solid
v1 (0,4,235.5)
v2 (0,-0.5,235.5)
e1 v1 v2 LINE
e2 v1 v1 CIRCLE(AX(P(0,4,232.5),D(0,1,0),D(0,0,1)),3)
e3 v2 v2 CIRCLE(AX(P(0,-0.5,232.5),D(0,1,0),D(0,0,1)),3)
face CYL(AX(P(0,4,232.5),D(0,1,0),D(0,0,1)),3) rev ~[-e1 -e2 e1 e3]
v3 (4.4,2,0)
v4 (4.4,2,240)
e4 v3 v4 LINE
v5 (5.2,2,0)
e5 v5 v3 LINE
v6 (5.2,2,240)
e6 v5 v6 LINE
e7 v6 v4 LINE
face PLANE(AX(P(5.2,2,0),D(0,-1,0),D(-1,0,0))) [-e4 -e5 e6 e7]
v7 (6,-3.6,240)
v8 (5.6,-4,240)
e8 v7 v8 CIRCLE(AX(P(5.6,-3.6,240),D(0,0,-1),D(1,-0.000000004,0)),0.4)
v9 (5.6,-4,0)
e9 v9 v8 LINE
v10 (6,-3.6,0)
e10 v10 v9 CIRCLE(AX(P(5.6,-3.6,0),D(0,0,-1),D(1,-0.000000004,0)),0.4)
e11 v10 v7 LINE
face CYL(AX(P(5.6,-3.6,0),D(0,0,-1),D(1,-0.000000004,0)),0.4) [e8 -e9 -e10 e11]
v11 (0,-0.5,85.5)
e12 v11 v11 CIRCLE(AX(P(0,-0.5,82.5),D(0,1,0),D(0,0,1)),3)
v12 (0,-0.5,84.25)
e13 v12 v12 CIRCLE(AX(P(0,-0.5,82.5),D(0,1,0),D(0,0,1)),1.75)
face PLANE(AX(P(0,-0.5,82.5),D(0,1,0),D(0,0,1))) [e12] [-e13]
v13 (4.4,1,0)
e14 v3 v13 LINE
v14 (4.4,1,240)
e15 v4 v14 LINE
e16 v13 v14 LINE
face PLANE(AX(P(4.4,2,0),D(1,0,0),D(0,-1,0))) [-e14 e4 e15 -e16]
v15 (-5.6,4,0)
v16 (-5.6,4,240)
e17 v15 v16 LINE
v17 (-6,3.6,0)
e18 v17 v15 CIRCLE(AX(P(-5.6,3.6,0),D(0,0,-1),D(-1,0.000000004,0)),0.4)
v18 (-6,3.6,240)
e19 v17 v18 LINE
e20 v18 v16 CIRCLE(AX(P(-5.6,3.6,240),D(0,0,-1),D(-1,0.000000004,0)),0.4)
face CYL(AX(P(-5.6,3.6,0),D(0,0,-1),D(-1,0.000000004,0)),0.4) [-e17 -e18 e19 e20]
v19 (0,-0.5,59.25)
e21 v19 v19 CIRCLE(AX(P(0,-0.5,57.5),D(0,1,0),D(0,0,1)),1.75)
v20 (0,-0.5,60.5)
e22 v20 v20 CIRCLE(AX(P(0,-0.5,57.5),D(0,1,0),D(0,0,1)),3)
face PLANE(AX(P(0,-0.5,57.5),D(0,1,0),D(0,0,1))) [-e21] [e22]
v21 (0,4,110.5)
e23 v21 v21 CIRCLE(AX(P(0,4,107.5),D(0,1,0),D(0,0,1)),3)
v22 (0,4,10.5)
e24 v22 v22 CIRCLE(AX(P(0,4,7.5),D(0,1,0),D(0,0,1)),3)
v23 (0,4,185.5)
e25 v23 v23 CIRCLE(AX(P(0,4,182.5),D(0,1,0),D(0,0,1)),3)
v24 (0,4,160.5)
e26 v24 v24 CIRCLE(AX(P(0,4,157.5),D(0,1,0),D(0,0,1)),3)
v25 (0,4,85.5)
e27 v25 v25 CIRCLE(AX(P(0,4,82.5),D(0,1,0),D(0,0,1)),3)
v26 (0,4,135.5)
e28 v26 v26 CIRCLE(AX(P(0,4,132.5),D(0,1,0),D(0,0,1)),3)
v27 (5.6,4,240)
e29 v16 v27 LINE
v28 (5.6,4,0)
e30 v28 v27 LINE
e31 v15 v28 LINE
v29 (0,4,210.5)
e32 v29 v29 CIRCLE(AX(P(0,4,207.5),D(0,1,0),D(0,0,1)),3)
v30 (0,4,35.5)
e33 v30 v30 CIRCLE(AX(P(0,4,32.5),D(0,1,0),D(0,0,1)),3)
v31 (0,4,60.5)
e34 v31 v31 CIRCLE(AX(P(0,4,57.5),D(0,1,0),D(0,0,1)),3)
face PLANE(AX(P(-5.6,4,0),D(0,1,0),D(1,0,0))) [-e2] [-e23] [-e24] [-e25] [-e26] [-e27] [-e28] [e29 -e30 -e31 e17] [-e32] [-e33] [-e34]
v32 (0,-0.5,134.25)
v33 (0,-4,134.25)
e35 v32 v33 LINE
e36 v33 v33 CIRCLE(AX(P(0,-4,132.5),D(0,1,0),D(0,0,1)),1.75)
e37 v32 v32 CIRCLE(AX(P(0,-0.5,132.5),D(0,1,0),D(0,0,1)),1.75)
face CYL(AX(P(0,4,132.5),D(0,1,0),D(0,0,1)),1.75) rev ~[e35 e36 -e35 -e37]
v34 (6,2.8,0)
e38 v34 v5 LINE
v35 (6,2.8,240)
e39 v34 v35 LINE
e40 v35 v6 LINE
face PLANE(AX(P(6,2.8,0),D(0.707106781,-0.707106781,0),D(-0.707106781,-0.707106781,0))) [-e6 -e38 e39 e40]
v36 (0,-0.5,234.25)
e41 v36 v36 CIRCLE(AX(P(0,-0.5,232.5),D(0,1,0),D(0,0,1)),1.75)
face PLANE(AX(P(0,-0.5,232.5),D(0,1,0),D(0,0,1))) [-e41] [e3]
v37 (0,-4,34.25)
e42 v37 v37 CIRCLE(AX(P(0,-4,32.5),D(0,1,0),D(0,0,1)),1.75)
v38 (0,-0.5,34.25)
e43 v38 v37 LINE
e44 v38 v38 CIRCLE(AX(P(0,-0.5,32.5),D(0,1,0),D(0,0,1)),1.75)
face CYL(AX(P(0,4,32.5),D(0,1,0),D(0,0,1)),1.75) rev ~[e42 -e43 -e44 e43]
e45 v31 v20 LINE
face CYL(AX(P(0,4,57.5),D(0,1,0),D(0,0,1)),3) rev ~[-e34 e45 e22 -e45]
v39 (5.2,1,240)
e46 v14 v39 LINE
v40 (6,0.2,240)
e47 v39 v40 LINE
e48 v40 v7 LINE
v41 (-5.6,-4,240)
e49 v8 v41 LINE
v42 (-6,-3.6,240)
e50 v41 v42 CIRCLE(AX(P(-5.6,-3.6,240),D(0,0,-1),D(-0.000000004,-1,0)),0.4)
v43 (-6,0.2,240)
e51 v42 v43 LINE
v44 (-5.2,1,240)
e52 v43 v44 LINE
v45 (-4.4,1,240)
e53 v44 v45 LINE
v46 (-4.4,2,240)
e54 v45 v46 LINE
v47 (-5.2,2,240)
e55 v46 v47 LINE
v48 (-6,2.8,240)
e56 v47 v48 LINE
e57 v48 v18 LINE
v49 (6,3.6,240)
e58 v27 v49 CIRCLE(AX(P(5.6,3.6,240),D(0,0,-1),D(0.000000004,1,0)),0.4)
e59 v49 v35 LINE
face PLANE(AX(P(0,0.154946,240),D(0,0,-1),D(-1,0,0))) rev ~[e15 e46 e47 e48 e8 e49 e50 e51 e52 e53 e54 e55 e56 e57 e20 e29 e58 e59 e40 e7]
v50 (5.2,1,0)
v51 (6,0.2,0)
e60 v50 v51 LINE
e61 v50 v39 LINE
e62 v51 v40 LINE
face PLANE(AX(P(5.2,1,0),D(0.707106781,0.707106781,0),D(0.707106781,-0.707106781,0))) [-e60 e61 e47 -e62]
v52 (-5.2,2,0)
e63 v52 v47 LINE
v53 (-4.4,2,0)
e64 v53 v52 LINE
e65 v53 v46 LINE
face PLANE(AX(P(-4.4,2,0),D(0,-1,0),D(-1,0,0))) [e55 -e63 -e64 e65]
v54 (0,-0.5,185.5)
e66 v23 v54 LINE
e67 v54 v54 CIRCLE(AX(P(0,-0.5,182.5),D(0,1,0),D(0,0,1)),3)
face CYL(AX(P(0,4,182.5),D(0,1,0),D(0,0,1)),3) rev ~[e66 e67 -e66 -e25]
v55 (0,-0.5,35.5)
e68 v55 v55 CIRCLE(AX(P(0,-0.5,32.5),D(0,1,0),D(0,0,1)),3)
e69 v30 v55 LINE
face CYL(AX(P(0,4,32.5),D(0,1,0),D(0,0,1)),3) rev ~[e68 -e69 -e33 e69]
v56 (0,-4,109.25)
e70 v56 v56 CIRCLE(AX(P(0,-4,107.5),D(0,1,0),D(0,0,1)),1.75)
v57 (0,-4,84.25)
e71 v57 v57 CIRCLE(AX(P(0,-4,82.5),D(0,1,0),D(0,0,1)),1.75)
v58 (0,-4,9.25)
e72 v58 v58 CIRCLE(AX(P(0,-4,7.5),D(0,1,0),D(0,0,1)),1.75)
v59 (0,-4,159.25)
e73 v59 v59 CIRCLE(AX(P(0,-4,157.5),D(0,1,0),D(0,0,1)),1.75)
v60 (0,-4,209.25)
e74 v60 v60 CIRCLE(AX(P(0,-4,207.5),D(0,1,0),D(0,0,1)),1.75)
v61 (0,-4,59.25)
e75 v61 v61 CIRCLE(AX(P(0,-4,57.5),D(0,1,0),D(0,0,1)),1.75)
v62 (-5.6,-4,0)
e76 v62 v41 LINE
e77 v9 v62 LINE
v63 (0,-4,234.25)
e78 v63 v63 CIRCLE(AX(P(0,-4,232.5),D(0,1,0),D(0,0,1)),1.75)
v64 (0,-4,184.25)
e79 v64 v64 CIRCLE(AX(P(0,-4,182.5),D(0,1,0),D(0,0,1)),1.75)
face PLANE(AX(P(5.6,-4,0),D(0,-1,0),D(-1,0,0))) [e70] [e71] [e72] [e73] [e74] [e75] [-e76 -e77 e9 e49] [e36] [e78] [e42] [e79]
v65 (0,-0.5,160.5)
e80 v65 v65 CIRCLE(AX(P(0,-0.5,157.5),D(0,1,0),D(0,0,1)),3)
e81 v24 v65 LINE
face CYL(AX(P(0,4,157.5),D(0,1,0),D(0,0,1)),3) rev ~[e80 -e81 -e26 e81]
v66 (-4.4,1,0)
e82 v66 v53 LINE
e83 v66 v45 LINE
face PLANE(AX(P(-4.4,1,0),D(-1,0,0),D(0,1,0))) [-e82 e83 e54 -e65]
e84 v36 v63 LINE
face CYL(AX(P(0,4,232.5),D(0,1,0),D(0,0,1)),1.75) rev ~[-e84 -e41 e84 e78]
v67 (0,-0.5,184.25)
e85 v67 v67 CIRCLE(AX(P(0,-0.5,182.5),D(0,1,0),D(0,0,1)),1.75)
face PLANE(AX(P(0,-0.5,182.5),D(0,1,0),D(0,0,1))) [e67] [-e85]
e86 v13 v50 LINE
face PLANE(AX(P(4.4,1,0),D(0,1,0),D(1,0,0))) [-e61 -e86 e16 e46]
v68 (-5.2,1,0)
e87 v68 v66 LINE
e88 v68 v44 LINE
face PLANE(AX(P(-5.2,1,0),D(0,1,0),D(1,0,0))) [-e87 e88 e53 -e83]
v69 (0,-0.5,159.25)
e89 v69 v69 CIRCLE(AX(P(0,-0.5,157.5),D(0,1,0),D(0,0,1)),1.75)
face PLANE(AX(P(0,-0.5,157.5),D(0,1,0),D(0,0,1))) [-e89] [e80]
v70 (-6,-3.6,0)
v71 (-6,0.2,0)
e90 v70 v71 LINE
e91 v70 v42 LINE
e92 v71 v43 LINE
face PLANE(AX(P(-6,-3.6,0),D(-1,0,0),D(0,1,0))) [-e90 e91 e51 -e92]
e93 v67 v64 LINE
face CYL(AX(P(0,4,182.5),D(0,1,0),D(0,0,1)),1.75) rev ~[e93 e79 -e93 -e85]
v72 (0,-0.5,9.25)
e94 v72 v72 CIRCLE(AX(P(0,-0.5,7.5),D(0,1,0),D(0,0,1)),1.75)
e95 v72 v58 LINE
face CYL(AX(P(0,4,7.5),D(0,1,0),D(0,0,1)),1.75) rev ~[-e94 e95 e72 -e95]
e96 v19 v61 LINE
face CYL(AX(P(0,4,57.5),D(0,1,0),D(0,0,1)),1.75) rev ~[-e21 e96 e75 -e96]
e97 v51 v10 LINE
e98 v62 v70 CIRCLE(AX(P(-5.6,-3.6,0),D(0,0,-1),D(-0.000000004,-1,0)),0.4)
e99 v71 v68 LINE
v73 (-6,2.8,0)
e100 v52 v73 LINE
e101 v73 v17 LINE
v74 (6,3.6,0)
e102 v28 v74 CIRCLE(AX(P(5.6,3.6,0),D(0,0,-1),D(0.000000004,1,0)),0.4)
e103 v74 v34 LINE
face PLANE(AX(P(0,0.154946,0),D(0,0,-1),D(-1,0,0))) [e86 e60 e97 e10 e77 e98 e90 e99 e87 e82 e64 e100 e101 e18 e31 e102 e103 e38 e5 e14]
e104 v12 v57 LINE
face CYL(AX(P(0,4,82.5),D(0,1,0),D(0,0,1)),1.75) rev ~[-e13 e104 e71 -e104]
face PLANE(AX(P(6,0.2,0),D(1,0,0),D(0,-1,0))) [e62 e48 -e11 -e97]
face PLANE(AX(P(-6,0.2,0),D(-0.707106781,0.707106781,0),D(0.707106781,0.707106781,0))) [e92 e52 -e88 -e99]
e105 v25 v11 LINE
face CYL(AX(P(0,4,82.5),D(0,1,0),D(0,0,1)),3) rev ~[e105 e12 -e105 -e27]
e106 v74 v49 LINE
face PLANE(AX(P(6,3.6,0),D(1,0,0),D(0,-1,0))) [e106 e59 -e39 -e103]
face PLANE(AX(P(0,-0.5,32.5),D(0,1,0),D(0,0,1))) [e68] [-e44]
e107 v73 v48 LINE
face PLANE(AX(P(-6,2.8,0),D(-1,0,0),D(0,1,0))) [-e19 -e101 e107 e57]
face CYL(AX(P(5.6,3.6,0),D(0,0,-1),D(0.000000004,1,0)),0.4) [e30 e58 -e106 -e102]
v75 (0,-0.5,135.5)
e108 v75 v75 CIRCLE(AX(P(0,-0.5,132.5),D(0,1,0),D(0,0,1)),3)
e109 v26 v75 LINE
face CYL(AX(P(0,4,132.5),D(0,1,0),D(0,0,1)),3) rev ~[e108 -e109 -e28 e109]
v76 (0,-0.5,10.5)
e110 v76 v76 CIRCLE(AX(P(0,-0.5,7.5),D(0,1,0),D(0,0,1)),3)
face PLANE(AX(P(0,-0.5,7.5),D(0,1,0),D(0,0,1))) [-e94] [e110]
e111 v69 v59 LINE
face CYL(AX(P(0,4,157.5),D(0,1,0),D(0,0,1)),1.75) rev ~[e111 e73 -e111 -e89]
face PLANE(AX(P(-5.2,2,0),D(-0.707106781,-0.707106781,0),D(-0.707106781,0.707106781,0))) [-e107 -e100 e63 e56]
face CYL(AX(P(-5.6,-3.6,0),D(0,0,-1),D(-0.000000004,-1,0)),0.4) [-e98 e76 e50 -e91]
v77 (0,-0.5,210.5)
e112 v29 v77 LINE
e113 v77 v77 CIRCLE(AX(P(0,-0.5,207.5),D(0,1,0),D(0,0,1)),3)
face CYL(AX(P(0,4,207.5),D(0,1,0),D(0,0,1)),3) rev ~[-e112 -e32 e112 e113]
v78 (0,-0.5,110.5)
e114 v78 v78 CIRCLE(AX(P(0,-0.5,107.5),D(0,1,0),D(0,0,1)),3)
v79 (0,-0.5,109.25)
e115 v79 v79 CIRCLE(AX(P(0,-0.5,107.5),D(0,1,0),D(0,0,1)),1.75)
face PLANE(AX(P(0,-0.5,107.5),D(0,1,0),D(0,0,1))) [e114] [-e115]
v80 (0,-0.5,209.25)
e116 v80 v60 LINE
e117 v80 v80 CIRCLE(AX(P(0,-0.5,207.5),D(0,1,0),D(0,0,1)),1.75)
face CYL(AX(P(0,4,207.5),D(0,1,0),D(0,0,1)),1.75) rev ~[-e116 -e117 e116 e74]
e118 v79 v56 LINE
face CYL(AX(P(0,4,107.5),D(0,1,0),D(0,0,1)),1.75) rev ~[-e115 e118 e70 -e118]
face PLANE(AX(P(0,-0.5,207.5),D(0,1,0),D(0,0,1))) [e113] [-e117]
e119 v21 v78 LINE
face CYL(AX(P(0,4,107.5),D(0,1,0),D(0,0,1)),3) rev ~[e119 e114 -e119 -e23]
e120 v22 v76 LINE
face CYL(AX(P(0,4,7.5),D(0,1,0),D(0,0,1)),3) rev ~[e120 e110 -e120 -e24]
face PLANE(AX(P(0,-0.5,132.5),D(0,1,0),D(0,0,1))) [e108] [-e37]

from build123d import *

# Parameters (mm, degrees)
BOSS_EXTRUDE1_DEPTH = 240
SKETCH2_R           = 3
CUT_EXTRUDE1_DEPTH  = 4.5
SKETCH3_R           = 1.75
CUT_EXTRUDE2_DEPTH  = 241.208242989


with BuildPart() as part:
    # Sketch1 → Boss-Extrude1 (new body)
    with BuildSketch(Plane.XY):
        with BuildLine():
            Line((-5.6, 4), (5.6, 4))
            ThreePointArc((5.6, 4), (5.882842712, 3.882842712), (6, 3.6))
            Line((6, 3.6), (6, 2.8))
            Line((6, 2.8), (5.2, 2))
            Line((5.2, 2), (4.4, 2))
            Line((4.4, 2), (4.4, 1))
            Line((4.4, 1), (5.2, 1))
            Line((5.2, 1), (6, 0.2))
            Line((6, 0.2), (6, -3.6))
            ThreePointArc((6, -3.6), (5.882842712, -3.882842712), (5.6, -4))
            Line((5.6, -4), (-5.6, -4))
            ThreePointArc((-5.6, -4), (-5.882842712, -3.882842712), (-6, -3.6))
            Line((-6, -3.6), (-6, 0.2))
            Line((-6, 0.2), (-5.2, 1))
            Line((-5.2, 1), (-4.4, 1))
            Line((-4.4, 1), (-4.4, 2))
            Line((-4.4, 2), (-5.2, 2))
            Line((-5.2, 2), (-6, 2.8))
            Line((-6, 2.8), (-6, 3.6))
            ThreePointArc((-6, 3.6), (-5.882842712, 3.882842712), (-5.6, 4))
        make_face()
    extrude(amount=BOSS_EXTRUDE1_DEPTH)

    # Sketch2 → Cut-Extrude1 (cut)
    with BuildSketch(Plane(origin=(0, 4, 0), x_dir=(1, 0, 0), z_dir=(0, 1, 0))):
        with Locations(Location((0, -232.5, 0), (0, 0, 270))):
            Circle(SKETCH2_R)
        with Locations(Location((0, -207.5, 0), (0, 0, 270))):
            Circle(SKETCH2_R)
        with Locations(Location((0, -182.5, 0), (0, 0, 270))):
            Circle(SKETCH2_R)
        with Locations(Location((0, -157.5, 0), (0, 0, 270))):
            Circle(SKETCH2_R)
        with Locations(Location((0, -132.5, 0), (0, 0, 270))):
            Circle(SKETCH2_R)
        with Locations(Location((0, -107.5, 0), (0, 0, 270))):
            Circle(SKETCH2_R)
        with Locations(Location((0, -82.5, 0), (0, 0, 270))):
            Circle(SKETCH2_R)
        with Locations(Location((0, -57.5, 0), (0, 0, 270))):
            Circle(SKETCH2_R)
        with Locations(Location((0, -32.5, 0), (0, 0, 270))):
            Circle(SKETCH2_R)
        with Locations(Location((0, -7.5, 0), (0, 0, 270))):
            Circle(SKETCH2_R)
        with Locations((0, 17.5)):
            Circle(SKETCH2_R)
        with Locations((0, 42.5)):
            Circle(SKETCH2_R)
        with Locations((0, 67.5)):
            Circle(SKETCH2_R)
        with Locations((0, 92.5)):
            Circle(SKETCH2_R)
        with Locations((0, 117.5)):
            Circle(SKETCH2_R)
        with Locations((0, 142.5)):
            Circle(SKETCH2_R)
        with Locations((0, 167.5)):
            Circle(SKETCH2_R)
        with Locations((0, 192.5)):
            Circle(SKETCH2_R)
    extrude(amount=-CUT_EXTRUDE1_DEPTH, mode=Mode.SUBTRACT)

    # Sketch3 → Cut-Extrude2 (cut, through all)
    with BuildSketch(Plane(origin=(0, 4, 0), x_dir=(1, 0, 0), z_dir=(0, 1, 0))):
        with Locations(Location((0, -232.5, 0), (0, 0, 270))):
            Circle(SKETCH3_R)
        with Locations(Location((0, -207.5, 0), (0, 0, 270))):
            Circle(SKETCH3_R)
        with Locations(Location((0, -182.5, 0), (0, 0, 270))):
            Circle(SKETCH3_R)
        with Locations(Location((0, -157.5, 0), (0, 0, 270))):
            Circle(SKETCH3_R)
        with Locations(Location((0, -132.5, 0), (0, 0, 270))):
            Circle(SKETCH3_R)
        with Locations(Location((0, -107.5, 0), (0, 0, 270))):
            Circle(SKETCH3_R)
        with Locations(Location((0, -82.5, 0), (0, 0, 270))):
            Circle(SKETCH3_R)
        with Locations(Location((0, -57.5, 0), (0, 0, 270))):
            Circle(SKETCH3_R)
        with Locations(Location((0, -32.5, 0), (0, 0, 270))):
            Circle(SKETCH3_R)
        with Locations(Location((0, -7.5, 0), (0, 0, 270))):
            Circle(SKETCH3_R)
        with Locations((0, 17.5)):
            Circle(SKETCH3_R)
        with Locations((0, 42.5)):
            Circle(SKETCH3_R)
        with Locations((0, 67.5)):
            Circle(SKETCH3_R)
        with Locations((0, 92.5)):
            Circle(SKETCH3_R)
        with Locations((0, 117.5)):
            Circle(SKETCH3_R)
    extrude(amount=-CUT_EXTRUDE2_DEPTH, mode=Mode.SUBTRACT)


solid = part.part
